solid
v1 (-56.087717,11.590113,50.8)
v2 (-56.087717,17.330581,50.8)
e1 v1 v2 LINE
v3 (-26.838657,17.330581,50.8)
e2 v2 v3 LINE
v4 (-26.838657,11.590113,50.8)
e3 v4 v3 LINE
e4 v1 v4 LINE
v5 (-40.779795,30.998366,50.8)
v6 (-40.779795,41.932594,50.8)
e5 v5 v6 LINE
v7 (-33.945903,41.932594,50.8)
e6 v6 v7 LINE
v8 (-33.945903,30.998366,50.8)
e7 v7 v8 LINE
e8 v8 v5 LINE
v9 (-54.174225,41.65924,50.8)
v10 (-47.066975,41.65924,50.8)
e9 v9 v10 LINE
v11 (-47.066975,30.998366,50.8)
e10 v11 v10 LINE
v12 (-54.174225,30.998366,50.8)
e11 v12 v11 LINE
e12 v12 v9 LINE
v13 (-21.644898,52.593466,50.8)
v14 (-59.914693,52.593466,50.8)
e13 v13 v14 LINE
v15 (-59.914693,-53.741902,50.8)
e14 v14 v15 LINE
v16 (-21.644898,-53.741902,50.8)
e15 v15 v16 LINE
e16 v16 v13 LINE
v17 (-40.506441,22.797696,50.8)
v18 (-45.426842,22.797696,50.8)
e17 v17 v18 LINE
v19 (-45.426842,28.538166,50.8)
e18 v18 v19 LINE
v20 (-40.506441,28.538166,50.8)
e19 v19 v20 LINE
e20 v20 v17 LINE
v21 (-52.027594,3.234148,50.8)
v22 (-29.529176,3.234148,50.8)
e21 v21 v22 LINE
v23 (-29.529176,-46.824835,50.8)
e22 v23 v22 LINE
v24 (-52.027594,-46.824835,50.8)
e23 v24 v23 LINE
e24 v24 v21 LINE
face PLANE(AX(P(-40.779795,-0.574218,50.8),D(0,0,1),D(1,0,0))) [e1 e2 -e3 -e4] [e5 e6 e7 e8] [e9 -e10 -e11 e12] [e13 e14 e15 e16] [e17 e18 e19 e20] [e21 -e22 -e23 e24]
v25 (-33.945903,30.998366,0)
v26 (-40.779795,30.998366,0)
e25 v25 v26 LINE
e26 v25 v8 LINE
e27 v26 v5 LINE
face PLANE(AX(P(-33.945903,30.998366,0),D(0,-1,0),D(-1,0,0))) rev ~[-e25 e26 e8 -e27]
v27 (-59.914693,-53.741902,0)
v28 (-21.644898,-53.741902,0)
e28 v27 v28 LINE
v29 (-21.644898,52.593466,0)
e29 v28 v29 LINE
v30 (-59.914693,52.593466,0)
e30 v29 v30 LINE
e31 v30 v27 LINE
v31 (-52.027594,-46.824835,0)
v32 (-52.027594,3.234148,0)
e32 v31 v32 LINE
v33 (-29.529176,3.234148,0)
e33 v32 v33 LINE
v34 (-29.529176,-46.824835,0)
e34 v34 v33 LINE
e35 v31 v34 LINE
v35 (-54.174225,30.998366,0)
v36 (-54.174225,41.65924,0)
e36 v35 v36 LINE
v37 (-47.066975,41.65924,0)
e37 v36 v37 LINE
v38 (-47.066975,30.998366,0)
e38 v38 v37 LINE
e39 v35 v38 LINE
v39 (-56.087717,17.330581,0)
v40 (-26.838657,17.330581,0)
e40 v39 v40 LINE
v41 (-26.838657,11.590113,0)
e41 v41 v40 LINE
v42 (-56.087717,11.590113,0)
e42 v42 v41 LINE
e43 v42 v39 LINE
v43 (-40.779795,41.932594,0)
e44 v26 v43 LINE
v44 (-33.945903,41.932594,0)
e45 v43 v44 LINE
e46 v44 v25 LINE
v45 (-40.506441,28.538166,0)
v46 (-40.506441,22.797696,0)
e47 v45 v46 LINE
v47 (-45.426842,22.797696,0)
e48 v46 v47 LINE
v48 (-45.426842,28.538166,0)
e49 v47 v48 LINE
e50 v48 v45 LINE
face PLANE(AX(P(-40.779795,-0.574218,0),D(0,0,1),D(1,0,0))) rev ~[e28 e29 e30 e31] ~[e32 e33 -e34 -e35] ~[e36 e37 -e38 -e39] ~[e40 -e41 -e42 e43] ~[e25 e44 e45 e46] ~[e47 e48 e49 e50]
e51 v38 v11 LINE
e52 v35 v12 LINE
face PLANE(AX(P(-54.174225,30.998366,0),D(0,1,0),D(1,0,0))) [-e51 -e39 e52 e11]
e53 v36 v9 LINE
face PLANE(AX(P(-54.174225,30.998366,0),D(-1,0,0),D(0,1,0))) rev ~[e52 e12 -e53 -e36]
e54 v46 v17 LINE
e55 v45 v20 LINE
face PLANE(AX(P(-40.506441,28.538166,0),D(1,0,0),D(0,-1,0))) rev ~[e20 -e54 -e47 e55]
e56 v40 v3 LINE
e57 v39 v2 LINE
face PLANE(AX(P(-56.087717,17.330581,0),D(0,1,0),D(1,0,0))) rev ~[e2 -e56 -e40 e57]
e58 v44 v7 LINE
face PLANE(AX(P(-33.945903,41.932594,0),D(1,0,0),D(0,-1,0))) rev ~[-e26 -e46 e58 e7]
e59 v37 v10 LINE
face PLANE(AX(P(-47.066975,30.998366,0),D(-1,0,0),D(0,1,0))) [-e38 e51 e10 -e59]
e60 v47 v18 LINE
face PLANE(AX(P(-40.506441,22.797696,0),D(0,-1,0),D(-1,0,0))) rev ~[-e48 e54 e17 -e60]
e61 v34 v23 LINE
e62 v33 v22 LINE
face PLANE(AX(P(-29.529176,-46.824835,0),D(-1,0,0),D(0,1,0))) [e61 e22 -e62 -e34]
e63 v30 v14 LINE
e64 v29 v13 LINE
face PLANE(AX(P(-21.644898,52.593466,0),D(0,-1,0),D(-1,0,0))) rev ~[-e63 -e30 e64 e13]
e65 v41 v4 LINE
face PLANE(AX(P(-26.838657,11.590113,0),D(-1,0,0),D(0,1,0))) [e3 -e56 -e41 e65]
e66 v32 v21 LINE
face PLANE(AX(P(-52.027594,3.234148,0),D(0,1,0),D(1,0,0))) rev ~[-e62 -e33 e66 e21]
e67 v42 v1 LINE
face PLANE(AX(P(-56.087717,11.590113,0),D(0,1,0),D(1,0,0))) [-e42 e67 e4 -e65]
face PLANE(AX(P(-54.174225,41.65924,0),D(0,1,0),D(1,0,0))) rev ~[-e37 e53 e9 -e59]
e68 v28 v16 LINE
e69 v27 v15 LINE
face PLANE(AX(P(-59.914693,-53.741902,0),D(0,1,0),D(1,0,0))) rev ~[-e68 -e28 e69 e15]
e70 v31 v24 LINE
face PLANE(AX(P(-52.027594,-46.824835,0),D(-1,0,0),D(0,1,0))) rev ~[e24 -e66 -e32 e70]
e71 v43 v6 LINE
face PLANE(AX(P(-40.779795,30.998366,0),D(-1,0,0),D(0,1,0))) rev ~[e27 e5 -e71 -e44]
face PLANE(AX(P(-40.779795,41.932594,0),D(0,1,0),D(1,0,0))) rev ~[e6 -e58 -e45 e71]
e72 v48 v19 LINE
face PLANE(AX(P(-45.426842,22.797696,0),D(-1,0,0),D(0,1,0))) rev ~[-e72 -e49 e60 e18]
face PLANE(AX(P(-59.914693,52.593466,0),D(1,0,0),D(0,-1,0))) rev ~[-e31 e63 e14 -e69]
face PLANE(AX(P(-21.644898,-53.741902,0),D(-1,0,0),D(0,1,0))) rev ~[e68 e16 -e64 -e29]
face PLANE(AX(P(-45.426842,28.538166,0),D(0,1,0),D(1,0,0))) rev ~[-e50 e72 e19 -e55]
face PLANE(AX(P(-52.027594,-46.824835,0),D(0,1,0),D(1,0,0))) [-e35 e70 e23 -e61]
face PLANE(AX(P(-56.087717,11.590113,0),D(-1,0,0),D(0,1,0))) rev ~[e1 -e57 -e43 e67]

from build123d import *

# Parameters (mm, degrees)
F0_W     = 22.498419
F0_H     = 50.058983
F0_W_2   = 29.24906
F0_H_2   = 5.740468
F0_W_3   = 7.107251
F0_H_3   = 10.660874
F1_DEPTH = 50.8


with BuildPart() as f1:
    # F0 (on Top) → F1 (new body)
    with BuildSketch(Plane.XY):
        Polygon((-21.644898, 52.593466), (-59.914693, 52.593466), (-59.914693, 39.472394), (-59.914693, 34.825347), (-59.914693, 6.66971), (-59.914693, -53.741902), (-56.087717, -53.741902), (-26.5653, -53.741902), (-21.644898, -53.741902), (-21.644898, 6.66971), (-21.644898, 34.825347), (-21.644898, 39.472394), align=None)
        with Locations((-40.778385, -21.795344)):
            Rectangle(F0_W, F0_H, mode=Mode.SUBTRACT)
        with Locations((-41.463187, 14.460347)):
            Rectangle(F0_W_2, F0_H_2, mode=Mode.SUBTRACT)
        Polygon((-45.426842, 22.797696), (-45.426842, 28.538166), (-40.600547, 28.538166), (-40.506441, 28.538166), (-40.506441, 22.797696), align=None, mode=Mode.SUBTRACT)
        with Locations((-50.6206, 36.328803)):
            Rectangle(F0_W_3, F0_H_3, mode=Mode.SUBTRACT)
        Polygon((-40.779795, 39.472394), (-40.779795, 41.932594), (-33.945903, 41.932594), (-33.945903, 30.998366), (-40.640878, 30.998366), (-40.779795, 30.998366), align=None, mode=Mode.SUBTRACT)
    extrude(amount=F1_DEPTH)


solid = f1.part
